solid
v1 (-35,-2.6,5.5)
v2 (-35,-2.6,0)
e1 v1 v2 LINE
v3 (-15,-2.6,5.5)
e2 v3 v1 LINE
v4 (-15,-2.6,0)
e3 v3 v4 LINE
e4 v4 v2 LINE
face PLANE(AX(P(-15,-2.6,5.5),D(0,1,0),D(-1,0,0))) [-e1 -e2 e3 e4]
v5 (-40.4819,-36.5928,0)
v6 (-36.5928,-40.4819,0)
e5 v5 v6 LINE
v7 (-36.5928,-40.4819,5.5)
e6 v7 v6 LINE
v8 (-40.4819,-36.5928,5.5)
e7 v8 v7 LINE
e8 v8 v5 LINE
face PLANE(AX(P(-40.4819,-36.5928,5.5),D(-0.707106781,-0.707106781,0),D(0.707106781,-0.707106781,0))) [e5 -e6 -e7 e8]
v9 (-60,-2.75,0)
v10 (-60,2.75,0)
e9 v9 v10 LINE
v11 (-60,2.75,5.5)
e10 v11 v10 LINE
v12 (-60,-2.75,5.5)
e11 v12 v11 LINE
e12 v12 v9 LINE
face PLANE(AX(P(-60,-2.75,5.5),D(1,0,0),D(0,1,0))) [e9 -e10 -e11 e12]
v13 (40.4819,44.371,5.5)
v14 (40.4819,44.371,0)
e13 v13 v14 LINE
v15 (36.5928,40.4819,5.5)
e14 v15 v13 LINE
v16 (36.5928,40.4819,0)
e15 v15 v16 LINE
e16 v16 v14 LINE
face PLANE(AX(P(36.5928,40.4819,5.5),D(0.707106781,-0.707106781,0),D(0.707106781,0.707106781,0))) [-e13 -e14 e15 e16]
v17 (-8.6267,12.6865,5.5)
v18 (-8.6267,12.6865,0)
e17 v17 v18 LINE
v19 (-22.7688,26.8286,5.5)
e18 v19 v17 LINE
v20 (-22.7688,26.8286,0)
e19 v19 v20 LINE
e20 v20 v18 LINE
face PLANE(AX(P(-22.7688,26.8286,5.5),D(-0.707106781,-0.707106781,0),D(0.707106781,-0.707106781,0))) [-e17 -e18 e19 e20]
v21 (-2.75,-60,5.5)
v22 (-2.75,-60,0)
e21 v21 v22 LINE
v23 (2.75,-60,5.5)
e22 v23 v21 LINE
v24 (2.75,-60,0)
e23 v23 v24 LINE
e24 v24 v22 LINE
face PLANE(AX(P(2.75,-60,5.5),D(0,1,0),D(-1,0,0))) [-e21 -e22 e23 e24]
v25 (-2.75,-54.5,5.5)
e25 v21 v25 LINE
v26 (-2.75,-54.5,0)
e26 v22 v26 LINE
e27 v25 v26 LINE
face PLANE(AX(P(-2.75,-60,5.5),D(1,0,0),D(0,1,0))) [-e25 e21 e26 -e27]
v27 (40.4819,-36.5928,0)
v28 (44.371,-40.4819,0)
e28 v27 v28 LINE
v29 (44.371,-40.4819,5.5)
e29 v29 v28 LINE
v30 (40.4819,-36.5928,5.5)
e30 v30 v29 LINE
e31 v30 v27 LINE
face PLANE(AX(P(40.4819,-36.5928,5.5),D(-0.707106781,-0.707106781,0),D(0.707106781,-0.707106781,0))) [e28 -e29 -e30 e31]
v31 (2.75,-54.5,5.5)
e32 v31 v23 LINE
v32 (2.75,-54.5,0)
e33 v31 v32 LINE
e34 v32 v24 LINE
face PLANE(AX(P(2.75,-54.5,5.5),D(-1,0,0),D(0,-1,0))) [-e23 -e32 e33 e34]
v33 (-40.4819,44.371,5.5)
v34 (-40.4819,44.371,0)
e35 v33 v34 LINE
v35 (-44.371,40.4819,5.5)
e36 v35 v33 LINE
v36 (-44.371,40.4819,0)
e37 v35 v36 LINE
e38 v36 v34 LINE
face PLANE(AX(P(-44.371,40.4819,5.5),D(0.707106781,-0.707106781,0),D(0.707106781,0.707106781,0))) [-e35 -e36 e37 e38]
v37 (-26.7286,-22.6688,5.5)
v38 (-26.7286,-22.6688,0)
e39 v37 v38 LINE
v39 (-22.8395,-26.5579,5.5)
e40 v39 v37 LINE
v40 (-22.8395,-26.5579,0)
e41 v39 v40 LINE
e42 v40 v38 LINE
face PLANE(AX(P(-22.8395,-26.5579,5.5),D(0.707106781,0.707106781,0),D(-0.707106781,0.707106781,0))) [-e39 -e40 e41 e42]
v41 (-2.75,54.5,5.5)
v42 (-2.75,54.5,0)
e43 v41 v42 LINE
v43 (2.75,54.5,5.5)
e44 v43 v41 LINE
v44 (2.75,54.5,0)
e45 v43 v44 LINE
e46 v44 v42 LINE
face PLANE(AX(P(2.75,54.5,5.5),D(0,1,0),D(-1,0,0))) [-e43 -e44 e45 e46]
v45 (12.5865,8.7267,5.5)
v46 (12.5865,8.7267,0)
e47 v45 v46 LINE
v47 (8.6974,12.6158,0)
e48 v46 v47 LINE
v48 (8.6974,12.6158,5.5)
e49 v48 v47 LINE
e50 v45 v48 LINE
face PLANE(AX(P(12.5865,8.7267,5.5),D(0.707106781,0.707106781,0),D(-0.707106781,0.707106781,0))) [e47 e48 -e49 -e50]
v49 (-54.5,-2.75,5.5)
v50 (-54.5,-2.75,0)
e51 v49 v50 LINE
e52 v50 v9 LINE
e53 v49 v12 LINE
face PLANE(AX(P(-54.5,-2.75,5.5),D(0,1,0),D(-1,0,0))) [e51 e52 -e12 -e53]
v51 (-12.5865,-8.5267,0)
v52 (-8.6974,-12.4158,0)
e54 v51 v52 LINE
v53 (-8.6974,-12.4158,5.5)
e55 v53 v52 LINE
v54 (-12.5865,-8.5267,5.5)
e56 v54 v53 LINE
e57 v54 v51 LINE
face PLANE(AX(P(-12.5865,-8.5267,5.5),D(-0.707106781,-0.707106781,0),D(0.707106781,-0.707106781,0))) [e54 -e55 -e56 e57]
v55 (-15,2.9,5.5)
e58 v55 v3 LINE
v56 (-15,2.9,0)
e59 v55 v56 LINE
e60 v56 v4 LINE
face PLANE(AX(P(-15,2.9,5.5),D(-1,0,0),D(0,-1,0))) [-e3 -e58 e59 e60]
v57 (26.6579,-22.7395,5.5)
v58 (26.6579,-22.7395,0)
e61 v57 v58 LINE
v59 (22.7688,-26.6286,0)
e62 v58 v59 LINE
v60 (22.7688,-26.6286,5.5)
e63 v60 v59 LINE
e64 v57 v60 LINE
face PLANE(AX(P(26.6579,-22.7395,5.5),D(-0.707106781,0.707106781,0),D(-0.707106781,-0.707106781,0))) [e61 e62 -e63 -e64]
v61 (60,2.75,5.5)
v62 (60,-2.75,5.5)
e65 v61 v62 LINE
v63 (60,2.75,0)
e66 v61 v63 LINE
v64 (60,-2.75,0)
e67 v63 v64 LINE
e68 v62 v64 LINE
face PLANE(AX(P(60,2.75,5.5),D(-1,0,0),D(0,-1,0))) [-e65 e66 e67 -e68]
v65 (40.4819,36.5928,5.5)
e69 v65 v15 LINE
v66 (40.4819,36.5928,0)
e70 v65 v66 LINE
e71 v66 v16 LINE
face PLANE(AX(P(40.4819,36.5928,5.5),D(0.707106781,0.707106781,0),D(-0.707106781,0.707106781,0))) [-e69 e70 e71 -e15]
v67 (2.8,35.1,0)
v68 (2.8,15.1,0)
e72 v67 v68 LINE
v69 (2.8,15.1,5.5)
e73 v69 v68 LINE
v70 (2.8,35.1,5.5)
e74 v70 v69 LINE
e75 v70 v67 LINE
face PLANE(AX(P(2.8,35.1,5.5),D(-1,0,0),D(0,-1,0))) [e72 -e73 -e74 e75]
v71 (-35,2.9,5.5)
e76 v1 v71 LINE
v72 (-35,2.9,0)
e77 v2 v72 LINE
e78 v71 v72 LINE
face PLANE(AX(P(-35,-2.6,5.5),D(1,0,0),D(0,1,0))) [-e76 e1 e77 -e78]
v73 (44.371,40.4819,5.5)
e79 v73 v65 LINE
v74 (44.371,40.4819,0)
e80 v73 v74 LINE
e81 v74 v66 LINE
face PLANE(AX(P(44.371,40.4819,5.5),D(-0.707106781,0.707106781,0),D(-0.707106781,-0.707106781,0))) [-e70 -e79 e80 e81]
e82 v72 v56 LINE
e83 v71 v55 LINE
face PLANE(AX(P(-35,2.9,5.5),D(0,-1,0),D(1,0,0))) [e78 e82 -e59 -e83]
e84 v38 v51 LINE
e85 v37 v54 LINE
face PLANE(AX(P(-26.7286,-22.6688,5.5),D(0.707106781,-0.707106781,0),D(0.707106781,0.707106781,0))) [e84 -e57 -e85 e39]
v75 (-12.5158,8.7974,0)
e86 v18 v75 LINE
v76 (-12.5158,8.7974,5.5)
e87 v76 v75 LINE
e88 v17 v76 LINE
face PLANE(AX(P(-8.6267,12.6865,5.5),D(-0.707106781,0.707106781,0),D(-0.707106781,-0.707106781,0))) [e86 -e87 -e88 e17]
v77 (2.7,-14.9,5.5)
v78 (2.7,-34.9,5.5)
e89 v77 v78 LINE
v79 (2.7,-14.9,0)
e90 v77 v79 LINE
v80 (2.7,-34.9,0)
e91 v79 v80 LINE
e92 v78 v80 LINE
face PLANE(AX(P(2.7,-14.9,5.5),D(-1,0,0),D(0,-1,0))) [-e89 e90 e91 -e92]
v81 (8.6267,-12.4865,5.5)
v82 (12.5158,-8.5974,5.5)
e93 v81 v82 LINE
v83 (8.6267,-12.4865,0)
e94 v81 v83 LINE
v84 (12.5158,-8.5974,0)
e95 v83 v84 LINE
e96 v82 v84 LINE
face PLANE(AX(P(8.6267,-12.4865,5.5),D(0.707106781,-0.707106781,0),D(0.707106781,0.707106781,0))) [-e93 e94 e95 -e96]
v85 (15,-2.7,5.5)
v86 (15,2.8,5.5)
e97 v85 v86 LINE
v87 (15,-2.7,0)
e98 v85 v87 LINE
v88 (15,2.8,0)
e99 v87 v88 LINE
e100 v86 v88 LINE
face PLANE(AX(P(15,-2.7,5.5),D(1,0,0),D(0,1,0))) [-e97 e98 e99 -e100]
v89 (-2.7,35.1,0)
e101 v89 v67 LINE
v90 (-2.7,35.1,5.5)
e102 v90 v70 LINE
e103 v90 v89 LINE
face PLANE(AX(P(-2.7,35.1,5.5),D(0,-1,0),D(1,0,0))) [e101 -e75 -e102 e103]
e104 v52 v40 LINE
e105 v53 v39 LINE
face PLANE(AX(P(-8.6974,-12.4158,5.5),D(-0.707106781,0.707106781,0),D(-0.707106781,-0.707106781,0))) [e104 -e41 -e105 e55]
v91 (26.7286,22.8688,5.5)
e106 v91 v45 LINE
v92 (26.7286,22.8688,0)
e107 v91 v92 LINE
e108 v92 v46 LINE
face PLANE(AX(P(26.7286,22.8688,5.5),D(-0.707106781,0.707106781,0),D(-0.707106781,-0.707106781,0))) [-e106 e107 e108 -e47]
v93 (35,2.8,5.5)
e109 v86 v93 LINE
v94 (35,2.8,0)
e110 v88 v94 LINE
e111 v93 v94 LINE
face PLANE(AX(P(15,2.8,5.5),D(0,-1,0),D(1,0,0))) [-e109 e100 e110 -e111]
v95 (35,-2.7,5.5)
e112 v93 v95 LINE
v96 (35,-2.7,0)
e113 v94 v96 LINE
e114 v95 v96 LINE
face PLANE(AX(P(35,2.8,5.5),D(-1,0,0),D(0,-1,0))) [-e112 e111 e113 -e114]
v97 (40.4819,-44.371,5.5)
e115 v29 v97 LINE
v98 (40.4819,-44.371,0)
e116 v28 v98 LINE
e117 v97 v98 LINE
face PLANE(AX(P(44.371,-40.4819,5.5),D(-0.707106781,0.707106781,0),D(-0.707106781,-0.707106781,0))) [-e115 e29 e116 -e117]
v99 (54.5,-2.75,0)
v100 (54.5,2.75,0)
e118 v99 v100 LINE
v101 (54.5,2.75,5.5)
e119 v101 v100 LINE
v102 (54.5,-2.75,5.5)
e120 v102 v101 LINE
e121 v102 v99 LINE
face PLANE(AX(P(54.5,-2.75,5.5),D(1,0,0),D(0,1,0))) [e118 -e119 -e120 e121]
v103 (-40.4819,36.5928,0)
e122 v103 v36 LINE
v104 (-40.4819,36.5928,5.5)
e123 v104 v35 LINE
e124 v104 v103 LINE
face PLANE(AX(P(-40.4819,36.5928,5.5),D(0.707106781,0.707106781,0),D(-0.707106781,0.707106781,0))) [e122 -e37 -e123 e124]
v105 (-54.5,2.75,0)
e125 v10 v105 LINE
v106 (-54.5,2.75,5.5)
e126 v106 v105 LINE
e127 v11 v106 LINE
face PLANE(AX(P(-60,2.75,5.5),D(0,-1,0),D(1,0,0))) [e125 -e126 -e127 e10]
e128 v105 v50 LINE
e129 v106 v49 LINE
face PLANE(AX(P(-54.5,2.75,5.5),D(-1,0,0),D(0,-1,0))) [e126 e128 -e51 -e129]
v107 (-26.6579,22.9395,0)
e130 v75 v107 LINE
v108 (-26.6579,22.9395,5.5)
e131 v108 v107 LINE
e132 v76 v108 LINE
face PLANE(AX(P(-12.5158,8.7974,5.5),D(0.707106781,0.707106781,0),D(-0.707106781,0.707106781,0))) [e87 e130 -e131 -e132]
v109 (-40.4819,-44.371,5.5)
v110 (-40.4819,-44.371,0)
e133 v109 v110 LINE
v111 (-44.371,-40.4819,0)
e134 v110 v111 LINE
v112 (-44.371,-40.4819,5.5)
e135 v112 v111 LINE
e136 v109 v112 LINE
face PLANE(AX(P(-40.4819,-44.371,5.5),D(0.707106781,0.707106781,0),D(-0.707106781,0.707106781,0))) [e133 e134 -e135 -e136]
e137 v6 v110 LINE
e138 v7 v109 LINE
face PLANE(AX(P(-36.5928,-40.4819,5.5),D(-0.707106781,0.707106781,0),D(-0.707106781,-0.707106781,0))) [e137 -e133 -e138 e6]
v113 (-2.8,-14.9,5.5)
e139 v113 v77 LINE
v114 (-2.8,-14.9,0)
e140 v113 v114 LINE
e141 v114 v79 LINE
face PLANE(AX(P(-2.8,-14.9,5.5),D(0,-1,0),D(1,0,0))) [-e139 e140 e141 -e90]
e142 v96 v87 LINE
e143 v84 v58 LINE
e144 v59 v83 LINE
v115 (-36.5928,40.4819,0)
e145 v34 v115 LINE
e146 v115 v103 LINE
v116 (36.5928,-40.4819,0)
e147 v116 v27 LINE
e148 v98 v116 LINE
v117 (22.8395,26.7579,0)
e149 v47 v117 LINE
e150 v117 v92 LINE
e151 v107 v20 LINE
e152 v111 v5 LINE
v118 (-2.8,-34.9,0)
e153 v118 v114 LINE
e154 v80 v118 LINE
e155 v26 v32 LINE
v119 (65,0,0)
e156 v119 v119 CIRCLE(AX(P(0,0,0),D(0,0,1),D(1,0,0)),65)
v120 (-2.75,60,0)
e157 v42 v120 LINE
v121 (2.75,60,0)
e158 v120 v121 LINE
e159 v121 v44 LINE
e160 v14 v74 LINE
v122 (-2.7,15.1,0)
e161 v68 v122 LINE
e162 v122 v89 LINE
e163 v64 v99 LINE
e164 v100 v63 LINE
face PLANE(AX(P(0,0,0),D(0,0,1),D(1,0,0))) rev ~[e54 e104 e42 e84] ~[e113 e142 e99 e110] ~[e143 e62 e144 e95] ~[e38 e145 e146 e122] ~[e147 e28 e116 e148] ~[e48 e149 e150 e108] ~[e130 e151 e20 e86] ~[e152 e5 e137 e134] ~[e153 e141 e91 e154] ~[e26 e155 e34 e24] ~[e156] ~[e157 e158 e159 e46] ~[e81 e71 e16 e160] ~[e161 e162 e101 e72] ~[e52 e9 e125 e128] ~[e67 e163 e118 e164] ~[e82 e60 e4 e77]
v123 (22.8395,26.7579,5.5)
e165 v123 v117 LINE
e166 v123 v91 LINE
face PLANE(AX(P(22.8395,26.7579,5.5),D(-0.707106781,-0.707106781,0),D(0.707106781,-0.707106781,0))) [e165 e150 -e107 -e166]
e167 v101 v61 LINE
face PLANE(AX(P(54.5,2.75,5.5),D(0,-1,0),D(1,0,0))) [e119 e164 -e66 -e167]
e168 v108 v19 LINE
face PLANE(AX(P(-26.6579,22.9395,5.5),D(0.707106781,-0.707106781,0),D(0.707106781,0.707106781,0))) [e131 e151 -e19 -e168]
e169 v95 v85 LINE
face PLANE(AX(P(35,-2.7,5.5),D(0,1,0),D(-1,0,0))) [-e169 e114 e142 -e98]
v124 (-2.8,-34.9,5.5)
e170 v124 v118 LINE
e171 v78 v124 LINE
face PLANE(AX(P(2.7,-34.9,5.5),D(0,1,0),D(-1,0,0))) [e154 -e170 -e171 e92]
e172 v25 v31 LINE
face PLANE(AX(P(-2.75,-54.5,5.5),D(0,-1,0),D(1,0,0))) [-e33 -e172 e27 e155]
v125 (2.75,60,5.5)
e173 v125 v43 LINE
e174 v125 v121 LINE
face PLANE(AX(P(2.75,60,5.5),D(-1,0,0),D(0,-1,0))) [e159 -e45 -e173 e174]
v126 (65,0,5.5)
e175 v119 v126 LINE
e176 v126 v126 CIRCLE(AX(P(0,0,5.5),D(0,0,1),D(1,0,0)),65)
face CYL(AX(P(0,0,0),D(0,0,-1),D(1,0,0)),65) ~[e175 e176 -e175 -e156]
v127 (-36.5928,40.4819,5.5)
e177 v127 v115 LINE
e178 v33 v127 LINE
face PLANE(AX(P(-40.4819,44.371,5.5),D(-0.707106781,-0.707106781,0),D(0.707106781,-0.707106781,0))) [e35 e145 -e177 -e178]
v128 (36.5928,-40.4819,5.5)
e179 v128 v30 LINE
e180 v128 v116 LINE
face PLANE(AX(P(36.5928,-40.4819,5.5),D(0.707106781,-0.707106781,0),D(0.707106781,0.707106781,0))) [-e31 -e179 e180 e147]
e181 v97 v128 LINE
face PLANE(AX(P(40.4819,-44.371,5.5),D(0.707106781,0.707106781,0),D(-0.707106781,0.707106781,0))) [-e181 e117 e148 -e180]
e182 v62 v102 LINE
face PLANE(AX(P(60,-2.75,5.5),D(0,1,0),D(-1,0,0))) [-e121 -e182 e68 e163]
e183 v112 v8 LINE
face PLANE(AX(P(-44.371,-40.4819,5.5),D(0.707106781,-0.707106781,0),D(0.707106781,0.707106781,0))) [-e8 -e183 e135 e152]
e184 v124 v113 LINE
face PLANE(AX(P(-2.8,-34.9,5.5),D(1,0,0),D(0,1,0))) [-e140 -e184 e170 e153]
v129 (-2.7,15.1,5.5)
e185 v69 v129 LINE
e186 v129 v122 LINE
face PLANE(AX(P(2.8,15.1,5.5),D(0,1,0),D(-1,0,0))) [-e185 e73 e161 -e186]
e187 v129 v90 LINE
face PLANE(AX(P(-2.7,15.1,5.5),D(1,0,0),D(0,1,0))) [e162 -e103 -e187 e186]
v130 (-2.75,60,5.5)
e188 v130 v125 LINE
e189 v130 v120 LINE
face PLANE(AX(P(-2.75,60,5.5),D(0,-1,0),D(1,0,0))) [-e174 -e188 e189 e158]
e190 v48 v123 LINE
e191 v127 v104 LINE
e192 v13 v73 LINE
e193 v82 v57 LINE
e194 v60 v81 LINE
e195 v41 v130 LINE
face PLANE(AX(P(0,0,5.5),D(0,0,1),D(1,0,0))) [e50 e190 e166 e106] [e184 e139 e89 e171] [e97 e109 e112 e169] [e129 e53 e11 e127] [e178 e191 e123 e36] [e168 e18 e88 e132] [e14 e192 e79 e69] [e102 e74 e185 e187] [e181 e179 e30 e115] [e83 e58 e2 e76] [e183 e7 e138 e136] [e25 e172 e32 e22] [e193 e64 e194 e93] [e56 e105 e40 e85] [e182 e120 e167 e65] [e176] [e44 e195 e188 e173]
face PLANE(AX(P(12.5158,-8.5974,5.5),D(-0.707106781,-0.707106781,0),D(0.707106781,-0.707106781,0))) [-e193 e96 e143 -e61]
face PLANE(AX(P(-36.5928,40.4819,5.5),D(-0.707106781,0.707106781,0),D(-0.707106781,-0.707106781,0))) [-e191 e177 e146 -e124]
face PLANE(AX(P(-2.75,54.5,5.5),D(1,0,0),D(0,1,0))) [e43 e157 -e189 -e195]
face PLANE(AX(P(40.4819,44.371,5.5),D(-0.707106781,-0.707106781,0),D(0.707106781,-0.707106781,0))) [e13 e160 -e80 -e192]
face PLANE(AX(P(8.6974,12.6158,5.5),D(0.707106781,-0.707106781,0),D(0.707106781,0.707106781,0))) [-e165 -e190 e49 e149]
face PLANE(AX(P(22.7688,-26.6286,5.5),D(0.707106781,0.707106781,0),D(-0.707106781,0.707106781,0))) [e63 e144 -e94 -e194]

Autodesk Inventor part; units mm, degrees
ref_plane "YZ Plane" through (0, 0, 0) normal (1, 0, 0) x (0, 1, 0)
ref_plane "XZ Plane" through (0, 0, 0) normal (0, 1, 0) x (-1, 0, 0)
ref_plane "XY Plane" through (0, 0, 0) normal (0, 0, 1) x (1, 0, 0)
sketch "Sketch1" plane through (0, 0, 0) normal (0, 0, 1) x (1, 0, 0)
  circle A0 centre (0, 0) radius 65
  dimension "d0" = 130
extrude "Extrusion1" add sketch "Sketch1" along normal blind 5.5
sketch "Sketch4" plane through (0, 0, 5.5) normal (0, 0, 1) x (1, 0, 0)
  line L0 (15, -2.7) -> (15, 2.8)
  line L1 (8.6974, 12.6158) -> (22.8395, 26.7579)
  line L2 (22.8395, 26.7579) -> (26.7286, 22.8688)
  line L3 (26.7286, 22.8688) -> (12.5865, 8.7267)
  line L4 (-8.6267, 12.6865) -> (-12.5158, 8.7974)
  line L5 (-12.5158, 8.7974) -> (-26.6579, 22.9395)
  line L6 (-26.6579, 22.9395) -> (-22.7688, 26.8286)
  line L7 (-22.7688, 26.8286) -> (-8.6267, 12.6865)
  line L8 (2.8, 15.1) -> (-2.7, 15.1)
  line L9 (12.5865, 8.7267) -> (8.6974, 12.6158)
  line L10 (-2.7, 15.1) -> (-2.7, 35.1)
  line L11 (-2.7, 35.1) -> (2.8, 35.1)
  line L12 (2.8, 35.1) -> (2.8, 15.1)
  line L13 (-15, 2.9) -> (-15, -2.6)
  line L14 (-35, 2.9) -> (-15, 2.9)
  line L15 (-35, -2.6) -> (-35, 2.9)
  line L16 (-15, -2.6) -> (-35, -2.6)
  line L17 (-12.5865, -8.5267) -> (-8.6974, -12.4158)
  line L18 (-26.7286, -22.6688) -> (-12.5865, -8.5267)
  line L19 (-8.6974, -12.4158) -> (-22.8395, -26.5579)
  line L20 (-22.8395, -26.5579) -> (-26.7286, -22.6688)
  line L21 (15, 2.8) -> (35, 2.8)
  line L22 (35, 2.8) -> (35, -2.7)
  line L23 (35, -2.7) -> (15, -2.7)
  line L24 (-2.8, -14.9) -> (2.7, -14.9)
  line L25 (8.6267, -12.4865) -> (12.5158, -8.5974)
  line L26 (2.7, -14.9) -> (2.7, -34.9)
  line L27 (2.7, -34.9) -> (-2.8, -34.9)
  line L28 (22.7688, -26.6286) -> (8.6267, -12.4865)
  line L29 (12.5158, -8.5974) -> (26.6579, -22.7395)
  line L30 (26.6579, -22.7395) -> (22.7688, -26.6286)
  line L31 (-2.8, -34.9) -> (-2.8, -14.9)
  line L32 (24.2998, 0.05) -> (27.4417, 0.05)
  point P0 (0, 0)
  point P1 (0, 0)
  point P2 (0, 0)
  point P3 (0, 0.1)
  dimension "d21" = 20
  dimension "d22" = 5.5
  dimension "d23" = 360
  dimension "d24" = 2.75
extrude "Extrusion4" cut sketch "Sketch4" against normal blind 10
sketch "Sketch5" plane through (0, 0, 5.5) normal (0, 0, 1) x (1, 0, 0)
  line L0 (54.5, 2.75) -> (60, 2.75)
  line L1 (60, 2.75) -> (60, -2.75)
  line L2 (60, -2.75) -> (54.5, -2.75)
  line L3 (54.5, -2.75) -> (54.5, 2.75)
  line L4 (36.5928, 40.4819) -> (40.4819, 44.371)
  line L5 (40.4819, 44.371) -> (44.371, 40.4819)
  line L6 (44.371, 40.4819) -> (40.4819, 36.5928)
  line L7 (40.4819, 36.5928) -> (36.5928, 40.4819)
  line L8 (-2.75, 54.5) -> (-2.75, 60)
  line L9 (-2.75, 60) -> (2.75, 60)
  line L10 (2.75, 60) -> (2.75, 54.5)
  line L11 (2.75, 54.5) -> (-2.75, 54.5)
  line L12 (-40.4819, 36.5928) -> (-44.371, 40.4819)
  line L13 (-44.371, 40.4819) -> (-40.4819, 44.371)
  line L14 (-40.4819, 44.371) -> (-36.5928, 40.4819)
  line L15 (-36.5928, 40.4819) -> (-40.4819, 36.5928)
  line L16 (-54.5, -2.75) -> (-60, -2.75)
  line L17 (-60, -2.75) -> (-60, 2.75)
  line L18 (-60, 2.75) -> (-54.5, 2.75)
  line L19 (-54.5, 2.75) -> (-54.5, -2.75)
  line L20 (-36.5928, -40.4819) -> (-40.4819, -44.371)
  line L21 (-40.4819, -44.371) -> (-44.371, -40.4819)
  line L22 (-44.371, -40.4819) -> (-40.4819, -36.5928)
  line L23 (-40.4819, -36.5928) -> (-36.5928, -40.4819)
  line L24 (2.75, -54.5) -> (2.75, -60)
  line L25 (2.75, -60) -> (-2.75, -60)
  line L26 (-2.75, -60) -> (-2.75, -54.5)
  line L27 (-2.75, -54.5) -> (2.75, -54.5)
  line L28 (40.4819, -36.5928) -> (44.371, -40.4819)
  line L29 (44.371, -40.4819) -> (40.4819, -44.371)
  line L30 (40.4819, -44.371) -> (36.5928, -40.4819)
  line L31 (36.5928, -40.4819) -> (40.4819, -36.5928)
  point P0 (0, 0)
  dimension "d30" = 5.5
  dimension "d31" = 5.5
  dimension "d34" = 360
extrude "Extrusion5" cut sketch "Sketch5" against normal blind 10
properties part number "base"
